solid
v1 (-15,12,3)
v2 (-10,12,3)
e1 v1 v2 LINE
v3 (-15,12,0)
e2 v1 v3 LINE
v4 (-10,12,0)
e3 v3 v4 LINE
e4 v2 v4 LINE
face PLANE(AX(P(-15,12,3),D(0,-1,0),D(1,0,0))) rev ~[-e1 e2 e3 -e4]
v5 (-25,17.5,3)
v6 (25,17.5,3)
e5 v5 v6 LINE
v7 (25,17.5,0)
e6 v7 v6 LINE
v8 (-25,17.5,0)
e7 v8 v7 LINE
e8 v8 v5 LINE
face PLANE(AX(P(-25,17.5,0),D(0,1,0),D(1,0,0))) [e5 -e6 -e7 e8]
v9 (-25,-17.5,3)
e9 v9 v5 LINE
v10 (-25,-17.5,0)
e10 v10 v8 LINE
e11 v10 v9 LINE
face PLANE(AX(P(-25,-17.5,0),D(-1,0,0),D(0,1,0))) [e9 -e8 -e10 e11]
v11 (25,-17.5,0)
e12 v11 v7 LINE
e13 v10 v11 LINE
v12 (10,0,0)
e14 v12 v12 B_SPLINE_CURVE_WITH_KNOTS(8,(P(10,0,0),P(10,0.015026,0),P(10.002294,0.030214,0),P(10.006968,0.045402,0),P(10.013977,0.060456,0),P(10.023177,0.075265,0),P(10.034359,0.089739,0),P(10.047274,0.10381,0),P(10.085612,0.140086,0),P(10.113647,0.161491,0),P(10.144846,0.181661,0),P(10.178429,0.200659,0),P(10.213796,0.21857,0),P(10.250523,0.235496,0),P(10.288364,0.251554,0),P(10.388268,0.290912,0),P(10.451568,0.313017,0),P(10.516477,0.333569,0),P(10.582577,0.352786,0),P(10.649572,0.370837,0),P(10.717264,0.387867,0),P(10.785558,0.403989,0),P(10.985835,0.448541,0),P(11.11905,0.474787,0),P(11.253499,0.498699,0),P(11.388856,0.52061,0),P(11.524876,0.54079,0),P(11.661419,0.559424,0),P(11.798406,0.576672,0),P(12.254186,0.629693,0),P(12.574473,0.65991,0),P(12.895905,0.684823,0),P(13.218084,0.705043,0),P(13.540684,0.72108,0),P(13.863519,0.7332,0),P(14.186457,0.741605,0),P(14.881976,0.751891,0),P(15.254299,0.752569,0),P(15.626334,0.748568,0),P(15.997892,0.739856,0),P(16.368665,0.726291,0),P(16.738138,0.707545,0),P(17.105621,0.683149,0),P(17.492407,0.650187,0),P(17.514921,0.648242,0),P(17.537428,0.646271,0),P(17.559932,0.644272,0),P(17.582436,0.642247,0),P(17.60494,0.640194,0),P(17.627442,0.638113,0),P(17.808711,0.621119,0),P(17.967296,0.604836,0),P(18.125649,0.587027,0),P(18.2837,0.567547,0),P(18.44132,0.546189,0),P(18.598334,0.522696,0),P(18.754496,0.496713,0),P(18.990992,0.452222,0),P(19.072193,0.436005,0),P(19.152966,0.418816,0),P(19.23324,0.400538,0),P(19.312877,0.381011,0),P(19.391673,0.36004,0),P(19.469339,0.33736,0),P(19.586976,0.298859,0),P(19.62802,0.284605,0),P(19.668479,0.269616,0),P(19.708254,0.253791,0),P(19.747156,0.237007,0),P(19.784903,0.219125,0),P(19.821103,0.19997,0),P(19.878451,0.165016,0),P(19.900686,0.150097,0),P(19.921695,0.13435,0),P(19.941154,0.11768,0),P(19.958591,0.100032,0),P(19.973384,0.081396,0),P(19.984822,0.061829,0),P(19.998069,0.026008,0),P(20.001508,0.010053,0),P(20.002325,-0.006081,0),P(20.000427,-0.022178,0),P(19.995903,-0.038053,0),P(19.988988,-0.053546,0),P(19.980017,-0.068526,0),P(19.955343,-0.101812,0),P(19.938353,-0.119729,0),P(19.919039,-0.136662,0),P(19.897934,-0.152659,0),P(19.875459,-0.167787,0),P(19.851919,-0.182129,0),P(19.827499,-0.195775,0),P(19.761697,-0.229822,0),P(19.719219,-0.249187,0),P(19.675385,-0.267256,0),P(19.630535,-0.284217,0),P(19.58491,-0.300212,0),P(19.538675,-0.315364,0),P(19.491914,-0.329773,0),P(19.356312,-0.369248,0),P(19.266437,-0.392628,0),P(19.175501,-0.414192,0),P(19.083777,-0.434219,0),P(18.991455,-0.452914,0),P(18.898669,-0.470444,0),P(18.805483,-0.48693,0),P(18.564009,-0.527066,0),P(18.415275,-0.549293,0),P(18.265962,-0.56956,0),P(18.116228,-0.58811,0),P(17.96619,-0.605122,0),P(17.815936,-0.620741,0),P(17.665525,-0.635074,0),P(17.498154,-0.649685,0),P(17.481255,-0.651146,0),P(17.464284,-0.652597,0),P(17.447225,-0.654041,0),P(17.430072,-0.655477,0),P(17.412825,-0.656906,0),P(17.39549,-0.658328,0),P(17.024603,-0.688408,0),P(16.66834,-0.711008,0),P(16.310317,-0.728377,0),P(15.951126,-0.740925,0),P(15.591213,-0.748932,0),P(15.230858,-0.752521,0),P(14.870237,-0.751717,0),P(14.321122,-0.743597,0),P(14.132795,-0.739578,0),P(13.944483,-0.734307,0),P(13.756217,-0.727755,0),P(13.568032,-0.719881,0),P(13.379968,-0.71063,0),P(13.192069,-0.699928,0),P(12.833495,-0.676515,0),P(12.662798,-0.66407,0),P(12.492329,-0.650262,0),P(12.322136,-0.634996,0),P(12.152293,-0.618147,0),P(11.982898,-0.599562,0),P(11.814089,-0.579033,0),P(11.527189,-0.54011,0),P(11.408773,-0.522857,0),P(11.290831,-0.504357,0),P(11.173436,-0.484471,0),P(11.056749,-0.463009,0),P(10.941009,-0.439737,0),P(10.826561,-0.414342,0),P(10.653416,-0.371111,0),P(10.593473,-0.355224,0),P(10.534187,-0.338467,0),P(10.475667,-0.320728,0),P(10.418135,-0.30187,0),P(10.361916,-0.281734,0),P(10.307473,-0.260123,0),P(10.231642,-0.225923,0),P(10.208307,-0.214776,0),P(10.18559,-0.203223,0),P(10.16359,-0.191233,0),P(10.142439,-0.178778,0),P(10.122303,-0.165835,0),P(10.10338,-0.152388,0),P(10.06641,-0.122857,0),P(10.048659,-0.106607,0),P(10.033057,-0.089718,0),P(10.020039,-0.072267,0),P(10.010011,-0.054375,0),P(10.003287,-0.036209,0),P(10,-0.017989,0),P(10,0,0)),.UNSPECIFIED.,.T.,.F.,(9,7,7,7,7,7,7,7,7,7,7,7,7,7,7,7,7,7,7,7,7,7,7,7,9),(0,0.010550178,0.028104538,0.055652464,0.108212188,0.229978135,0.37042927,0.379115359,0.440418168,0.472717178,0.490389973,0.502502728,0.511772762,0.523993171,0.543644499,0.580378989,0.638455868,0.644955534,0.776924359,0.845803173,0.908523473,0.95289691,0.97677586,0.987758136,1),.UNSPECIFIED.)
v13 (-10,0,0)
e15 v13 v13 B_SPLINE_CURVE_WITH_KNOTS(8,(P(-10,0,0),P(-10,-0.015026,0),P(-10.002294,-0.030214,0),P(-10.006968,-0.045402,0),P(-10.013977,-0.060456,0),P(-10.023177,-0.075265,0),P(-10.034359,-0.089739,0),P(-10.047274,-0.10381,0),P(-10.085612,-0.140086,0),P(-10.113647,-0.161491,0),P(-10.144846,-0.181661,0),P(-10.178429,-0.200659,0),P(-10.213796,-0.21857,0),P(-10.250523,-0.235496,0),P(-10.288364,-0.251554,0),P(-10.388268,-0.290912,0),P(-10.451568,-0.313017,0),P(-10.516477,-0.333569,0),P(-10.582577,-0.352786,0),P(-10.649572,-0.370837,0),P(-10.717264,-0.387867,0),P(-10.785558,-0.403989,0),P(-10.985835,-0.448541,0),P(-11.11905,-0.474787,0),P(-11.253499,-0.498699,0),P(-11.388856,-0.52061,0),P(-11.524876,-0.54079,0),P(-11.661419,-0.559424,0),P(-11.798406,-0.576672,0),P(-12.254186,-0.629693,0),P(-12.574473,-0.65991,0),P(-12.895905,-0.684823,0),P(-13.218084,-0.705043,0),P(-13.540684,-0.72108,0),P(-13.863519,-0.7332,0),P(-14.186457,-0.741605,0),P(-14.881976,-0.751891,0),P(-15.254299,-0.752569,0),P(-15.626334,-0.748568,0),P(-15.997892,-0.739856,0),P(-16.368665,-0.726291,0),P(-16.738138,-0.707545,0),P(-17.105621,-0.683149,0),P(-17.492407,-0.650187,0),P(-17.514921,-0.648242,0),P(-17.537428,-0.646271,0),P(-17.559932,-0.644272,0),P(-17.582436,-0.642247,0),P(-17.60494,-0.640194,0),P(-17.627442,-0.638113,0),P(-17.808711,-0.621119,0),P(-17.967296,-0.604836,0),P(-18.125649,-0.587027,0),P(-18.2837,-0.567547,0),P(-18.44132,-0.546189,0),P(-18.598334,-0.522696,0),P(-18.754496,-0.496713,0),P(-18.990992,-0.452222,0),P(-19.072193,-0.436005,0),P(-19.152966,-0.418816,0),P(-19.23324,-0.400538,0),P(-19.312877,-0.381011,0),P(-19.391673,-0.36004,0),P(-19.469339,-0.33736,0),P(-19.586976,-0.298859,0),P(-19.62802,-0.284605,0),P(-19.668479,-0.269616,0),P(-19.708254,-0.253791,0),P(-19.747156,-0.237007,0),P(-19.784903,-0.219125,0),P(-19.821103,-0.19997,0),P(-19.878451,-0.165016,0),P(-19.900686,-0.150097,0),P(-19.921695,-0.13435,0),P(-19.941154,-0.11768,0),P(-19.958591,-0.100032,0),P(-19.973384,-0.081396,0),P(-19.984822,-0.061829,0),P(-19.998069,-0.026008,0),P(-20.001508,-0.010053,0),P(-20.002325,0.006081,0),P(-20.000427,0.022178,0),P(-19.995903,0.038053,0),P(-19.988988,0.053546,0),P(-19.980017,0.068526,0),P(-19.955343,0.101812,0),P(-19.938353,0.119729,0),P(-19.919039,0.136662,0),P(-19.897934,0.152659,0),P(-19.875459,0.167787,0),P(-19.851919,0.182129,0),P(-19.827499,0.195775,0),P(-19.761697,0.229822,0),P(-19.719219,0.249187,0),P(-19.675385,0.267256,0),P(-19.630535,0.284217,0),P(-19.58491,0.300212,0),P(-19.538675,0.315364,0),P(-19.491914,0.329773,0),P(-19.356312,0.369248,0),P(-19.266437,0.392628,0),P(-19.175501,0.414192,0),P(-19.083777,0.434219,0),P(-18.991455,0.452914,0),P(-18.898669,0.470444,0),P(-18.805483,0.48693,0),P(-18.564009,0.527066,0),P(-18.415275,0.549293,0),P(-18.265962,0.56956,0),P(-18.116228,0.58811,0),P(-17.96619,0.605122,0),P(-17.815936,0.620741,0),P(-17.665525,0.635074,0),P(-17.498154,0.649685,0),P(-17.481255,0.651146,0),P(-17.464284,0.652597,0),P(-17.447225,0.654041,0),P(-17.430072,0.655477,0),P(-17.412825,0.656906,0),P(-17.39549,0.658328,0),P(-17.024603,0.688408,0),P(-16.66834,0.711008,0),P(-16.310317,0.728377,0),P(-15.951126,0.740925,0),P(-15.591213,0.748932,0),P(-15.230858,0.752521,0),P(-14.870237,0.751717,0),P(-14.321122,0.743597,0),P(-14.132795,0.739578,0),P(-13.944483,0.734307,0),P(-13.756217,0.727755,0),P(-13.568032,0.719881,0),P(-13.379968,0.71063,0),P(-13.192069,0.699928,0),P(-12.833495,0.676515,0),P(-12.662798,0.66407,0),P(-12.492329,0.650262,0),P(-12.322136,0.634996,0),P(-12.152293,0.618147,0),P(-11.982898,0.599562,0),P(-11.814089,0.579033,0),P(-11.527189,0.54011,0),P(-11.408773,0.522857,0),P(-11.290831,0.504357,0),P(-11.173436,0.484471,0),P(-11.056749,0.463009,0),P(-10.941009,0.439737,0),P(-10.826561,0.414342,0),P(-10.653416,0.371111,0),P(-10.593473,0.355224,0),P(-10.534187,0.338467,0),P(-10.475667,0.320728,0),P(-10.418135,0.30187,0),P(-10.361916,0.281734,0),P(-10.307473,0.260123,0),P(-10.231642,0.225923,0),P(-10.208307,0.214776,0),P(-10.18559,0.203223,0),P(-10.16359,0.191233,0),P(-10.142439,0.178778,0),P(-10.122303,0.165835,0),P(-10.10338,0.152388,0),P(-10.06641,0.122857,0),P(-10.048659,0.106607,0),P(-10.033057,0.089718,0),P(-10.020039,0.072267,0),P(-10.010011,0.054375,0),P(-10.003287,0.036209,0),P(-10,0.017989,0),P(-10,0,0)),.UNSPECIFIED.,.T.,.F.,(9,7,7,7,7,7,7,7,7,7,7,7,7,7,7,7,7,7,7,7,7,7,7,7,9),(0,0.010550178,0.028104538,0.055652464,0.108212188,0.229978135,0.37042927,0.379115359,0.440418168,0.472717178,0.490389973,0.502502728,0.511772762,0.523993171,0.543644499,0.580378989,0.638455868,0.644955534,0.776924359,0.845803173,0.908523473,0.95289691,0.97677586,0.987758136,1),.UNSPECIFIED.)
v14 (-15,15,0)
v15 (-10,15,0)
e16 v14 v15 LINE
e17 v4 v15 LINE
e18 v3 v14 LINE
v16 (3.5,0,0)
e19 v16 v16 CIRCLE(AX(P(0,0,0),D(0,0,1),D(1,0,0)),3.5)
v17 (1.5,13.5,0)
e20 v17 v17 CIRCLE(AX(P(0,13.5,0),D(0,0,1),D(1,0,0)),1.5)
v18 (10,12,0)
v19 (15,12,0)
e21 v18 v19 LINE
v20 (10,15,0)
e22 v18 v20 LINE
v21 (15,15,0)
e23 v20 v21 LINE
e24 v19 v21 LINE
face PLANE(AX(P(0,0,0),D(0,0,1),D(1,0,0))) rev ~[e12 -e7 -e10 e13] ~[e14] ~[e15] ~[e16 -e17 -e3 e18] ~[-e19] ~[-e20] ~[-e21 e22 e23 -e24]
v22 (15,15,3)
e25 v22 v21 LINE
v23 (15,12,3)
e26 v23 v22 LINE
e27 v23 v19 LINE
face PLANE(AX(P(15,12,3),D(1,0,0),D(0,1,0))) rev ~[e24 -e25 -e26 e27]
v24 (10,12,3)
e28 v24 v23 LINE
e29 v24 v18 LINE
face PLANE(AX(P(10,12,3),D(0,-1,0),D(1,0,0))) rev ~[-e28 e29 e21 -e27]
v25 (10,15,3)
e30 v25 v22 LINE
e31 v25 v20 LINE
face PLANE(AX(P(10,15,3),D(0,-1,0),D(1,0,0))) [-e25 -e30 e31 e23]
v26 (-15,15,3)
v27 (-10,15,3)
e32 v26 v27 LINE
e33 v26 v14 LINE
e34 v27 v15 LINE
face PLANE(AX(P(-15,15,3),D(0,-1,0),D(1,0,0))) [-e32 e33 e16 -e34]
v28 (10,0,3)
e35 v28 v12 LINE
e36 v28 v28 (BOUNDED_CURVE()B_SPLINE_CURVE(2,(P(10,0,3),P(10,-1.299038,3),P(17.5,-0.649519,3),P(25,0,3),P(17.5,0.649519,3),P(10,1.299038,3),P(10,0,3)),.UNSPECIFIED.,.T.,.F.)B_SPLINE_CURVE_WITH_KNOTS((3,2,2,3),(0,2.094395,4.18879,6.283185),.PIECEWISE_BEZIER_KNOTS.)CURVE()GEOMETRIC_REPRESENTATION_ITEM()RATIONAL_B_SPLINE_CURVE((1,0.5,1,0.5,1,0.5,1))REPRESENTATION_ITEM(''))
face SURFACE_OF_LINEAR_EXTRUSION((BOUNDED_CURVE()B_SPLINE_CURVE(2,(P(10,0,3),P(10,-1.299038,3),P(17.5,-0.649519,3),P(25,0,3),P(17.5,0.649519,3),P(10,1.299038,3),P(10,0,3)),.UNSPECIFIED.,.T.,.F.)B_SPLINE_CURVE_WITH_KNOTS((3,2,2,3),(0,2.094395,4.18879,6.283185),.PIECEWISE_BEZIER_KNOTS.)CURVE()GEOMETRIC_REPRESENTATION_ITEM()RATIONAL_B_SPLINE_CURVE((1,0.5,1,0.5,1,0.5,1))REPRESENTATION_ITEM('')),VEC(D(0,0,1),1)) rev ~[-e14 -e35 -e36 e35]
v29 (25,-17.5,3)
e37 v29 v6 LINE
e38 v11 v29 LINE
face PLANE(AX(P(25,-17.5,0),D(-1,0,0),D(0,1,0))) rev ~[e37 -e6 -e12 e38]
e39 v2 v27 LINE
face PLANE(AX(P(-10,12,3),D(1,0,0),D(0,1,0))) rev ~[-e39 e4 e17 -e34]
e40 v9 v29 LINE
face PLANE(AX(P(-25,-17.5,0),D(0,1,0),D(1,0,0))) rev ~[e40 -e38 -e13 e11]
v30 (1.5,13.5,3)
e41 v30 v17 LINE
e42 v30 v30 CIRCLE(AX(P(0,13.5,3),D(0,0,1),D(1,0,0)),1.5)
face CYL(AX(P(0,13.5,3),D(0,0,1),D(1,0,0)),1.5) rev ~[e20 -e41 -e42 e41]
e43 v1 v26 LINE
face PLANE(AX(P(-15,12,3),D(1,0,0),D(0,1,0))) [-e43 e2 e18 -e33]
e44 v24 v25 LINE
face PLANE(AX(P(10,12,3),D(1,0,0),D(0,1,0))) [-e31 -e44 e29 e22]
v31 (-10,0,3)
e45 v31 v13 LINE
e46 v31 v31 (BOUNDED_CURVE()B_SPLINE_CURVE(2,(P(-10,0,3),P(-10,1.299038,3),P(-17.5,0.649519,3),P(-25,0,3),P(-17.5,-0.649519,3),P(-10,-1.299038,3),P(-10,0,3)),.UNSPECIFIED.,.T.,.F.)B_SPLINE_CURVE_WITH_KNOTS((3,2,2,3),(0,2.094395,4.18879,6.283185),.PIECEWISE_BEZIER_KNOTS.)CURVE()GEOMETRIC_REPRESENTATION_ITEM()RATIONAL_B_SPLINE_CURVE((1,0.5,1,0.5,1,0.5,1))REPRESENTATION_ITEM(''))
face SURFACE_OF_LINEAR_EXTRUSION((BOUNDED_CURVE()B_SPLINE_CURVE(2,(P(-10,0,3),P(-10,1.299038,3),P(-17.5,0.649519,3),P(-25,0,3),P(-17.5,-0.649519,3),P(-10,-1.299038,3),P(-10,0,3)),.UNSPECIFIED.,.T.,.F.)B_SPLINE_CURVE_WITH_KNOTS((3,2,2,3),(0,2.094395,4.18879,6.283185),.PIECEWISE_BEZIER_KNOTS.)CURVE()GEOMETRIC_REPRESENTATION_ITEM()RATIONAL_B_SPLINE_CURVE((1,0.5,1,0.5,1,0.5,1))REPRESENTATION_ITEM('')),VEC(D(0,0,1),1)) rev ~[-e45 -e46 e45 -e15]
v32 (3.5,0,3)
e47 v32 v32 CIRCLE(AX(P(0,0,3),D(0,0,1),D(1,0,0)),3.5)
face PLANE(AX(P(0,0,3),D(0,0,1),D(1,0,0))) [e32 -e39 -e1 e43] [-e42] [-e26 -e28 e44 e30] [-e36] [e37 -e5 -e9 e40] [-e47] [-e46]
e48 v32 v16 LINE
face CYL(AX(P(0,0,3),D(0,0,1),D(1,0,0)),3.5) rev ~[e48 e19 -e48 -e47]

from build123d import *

# Parameters (mm, degrees)
F0_W     = 50
F0_H     = 35
F1_DEPTH = 3
F2_W     = 5
F2_H     = 3
F2_R     = 3.5
F2_R_2   = 1.5
F3_DEPTH = 25


with BuildPart() as f1:
    # F0 (on Top) → F1 (new body)
    with BuildSketch(Plane.XY):
        Rectangle(F0_W, F0_H)
    extrude(amount=F1_DEPTH)

    # F2 (on face) → F3 (cut)
    with BuildSketch(Plane.XY.offset(3)):
        with Locations((-12.5, 13.5)):
            Rectangle(F2_W, F2_H)
        with Locations((12.5, 13.5)):
            Rectangle(F2_W, F2_H)
        Circle(F2_R)
        with Locations((0, 13.5)):
            Circle(F2_R_2)
        with BuildLine():
            add(Edge.make_bspline(
                [(-10, 0), (-10, 1.299038), (-17.5, 0.649519), (-25, 0), (-17.5, -0.649519), (-10, -1.299038), (-10, 0)],
                knots=[0, 0, 0, 2.094395, 2.094395, 4.18879, 4.18879, 6.283185, 6.283185, 6.283185], degree=2, weights=[1, 0.5, 1, 0.5, 1, 0.5, 1]))
        make_face()
        with BuildLine():
            add(Edge.make_bspline(
                [(10, 0), (10, -1.299038), (17.5, -0.649519), (25, 0), (17.5, 0.649519), (10, 1.299038), (10, 0)],
                knots=[0, 0, 0, 2.094395, 2.094395, 4.18879, 4.18879, 6.283185, 6.283185, 6.283185], degree=2, weights=[1, 0.5, 1, 0.5, 1, 0.5, 1]))
        make_face()
    extrude(amount=-F3_DEPTH, mode=Mode.SUBTRACT)


solid = f1.part
